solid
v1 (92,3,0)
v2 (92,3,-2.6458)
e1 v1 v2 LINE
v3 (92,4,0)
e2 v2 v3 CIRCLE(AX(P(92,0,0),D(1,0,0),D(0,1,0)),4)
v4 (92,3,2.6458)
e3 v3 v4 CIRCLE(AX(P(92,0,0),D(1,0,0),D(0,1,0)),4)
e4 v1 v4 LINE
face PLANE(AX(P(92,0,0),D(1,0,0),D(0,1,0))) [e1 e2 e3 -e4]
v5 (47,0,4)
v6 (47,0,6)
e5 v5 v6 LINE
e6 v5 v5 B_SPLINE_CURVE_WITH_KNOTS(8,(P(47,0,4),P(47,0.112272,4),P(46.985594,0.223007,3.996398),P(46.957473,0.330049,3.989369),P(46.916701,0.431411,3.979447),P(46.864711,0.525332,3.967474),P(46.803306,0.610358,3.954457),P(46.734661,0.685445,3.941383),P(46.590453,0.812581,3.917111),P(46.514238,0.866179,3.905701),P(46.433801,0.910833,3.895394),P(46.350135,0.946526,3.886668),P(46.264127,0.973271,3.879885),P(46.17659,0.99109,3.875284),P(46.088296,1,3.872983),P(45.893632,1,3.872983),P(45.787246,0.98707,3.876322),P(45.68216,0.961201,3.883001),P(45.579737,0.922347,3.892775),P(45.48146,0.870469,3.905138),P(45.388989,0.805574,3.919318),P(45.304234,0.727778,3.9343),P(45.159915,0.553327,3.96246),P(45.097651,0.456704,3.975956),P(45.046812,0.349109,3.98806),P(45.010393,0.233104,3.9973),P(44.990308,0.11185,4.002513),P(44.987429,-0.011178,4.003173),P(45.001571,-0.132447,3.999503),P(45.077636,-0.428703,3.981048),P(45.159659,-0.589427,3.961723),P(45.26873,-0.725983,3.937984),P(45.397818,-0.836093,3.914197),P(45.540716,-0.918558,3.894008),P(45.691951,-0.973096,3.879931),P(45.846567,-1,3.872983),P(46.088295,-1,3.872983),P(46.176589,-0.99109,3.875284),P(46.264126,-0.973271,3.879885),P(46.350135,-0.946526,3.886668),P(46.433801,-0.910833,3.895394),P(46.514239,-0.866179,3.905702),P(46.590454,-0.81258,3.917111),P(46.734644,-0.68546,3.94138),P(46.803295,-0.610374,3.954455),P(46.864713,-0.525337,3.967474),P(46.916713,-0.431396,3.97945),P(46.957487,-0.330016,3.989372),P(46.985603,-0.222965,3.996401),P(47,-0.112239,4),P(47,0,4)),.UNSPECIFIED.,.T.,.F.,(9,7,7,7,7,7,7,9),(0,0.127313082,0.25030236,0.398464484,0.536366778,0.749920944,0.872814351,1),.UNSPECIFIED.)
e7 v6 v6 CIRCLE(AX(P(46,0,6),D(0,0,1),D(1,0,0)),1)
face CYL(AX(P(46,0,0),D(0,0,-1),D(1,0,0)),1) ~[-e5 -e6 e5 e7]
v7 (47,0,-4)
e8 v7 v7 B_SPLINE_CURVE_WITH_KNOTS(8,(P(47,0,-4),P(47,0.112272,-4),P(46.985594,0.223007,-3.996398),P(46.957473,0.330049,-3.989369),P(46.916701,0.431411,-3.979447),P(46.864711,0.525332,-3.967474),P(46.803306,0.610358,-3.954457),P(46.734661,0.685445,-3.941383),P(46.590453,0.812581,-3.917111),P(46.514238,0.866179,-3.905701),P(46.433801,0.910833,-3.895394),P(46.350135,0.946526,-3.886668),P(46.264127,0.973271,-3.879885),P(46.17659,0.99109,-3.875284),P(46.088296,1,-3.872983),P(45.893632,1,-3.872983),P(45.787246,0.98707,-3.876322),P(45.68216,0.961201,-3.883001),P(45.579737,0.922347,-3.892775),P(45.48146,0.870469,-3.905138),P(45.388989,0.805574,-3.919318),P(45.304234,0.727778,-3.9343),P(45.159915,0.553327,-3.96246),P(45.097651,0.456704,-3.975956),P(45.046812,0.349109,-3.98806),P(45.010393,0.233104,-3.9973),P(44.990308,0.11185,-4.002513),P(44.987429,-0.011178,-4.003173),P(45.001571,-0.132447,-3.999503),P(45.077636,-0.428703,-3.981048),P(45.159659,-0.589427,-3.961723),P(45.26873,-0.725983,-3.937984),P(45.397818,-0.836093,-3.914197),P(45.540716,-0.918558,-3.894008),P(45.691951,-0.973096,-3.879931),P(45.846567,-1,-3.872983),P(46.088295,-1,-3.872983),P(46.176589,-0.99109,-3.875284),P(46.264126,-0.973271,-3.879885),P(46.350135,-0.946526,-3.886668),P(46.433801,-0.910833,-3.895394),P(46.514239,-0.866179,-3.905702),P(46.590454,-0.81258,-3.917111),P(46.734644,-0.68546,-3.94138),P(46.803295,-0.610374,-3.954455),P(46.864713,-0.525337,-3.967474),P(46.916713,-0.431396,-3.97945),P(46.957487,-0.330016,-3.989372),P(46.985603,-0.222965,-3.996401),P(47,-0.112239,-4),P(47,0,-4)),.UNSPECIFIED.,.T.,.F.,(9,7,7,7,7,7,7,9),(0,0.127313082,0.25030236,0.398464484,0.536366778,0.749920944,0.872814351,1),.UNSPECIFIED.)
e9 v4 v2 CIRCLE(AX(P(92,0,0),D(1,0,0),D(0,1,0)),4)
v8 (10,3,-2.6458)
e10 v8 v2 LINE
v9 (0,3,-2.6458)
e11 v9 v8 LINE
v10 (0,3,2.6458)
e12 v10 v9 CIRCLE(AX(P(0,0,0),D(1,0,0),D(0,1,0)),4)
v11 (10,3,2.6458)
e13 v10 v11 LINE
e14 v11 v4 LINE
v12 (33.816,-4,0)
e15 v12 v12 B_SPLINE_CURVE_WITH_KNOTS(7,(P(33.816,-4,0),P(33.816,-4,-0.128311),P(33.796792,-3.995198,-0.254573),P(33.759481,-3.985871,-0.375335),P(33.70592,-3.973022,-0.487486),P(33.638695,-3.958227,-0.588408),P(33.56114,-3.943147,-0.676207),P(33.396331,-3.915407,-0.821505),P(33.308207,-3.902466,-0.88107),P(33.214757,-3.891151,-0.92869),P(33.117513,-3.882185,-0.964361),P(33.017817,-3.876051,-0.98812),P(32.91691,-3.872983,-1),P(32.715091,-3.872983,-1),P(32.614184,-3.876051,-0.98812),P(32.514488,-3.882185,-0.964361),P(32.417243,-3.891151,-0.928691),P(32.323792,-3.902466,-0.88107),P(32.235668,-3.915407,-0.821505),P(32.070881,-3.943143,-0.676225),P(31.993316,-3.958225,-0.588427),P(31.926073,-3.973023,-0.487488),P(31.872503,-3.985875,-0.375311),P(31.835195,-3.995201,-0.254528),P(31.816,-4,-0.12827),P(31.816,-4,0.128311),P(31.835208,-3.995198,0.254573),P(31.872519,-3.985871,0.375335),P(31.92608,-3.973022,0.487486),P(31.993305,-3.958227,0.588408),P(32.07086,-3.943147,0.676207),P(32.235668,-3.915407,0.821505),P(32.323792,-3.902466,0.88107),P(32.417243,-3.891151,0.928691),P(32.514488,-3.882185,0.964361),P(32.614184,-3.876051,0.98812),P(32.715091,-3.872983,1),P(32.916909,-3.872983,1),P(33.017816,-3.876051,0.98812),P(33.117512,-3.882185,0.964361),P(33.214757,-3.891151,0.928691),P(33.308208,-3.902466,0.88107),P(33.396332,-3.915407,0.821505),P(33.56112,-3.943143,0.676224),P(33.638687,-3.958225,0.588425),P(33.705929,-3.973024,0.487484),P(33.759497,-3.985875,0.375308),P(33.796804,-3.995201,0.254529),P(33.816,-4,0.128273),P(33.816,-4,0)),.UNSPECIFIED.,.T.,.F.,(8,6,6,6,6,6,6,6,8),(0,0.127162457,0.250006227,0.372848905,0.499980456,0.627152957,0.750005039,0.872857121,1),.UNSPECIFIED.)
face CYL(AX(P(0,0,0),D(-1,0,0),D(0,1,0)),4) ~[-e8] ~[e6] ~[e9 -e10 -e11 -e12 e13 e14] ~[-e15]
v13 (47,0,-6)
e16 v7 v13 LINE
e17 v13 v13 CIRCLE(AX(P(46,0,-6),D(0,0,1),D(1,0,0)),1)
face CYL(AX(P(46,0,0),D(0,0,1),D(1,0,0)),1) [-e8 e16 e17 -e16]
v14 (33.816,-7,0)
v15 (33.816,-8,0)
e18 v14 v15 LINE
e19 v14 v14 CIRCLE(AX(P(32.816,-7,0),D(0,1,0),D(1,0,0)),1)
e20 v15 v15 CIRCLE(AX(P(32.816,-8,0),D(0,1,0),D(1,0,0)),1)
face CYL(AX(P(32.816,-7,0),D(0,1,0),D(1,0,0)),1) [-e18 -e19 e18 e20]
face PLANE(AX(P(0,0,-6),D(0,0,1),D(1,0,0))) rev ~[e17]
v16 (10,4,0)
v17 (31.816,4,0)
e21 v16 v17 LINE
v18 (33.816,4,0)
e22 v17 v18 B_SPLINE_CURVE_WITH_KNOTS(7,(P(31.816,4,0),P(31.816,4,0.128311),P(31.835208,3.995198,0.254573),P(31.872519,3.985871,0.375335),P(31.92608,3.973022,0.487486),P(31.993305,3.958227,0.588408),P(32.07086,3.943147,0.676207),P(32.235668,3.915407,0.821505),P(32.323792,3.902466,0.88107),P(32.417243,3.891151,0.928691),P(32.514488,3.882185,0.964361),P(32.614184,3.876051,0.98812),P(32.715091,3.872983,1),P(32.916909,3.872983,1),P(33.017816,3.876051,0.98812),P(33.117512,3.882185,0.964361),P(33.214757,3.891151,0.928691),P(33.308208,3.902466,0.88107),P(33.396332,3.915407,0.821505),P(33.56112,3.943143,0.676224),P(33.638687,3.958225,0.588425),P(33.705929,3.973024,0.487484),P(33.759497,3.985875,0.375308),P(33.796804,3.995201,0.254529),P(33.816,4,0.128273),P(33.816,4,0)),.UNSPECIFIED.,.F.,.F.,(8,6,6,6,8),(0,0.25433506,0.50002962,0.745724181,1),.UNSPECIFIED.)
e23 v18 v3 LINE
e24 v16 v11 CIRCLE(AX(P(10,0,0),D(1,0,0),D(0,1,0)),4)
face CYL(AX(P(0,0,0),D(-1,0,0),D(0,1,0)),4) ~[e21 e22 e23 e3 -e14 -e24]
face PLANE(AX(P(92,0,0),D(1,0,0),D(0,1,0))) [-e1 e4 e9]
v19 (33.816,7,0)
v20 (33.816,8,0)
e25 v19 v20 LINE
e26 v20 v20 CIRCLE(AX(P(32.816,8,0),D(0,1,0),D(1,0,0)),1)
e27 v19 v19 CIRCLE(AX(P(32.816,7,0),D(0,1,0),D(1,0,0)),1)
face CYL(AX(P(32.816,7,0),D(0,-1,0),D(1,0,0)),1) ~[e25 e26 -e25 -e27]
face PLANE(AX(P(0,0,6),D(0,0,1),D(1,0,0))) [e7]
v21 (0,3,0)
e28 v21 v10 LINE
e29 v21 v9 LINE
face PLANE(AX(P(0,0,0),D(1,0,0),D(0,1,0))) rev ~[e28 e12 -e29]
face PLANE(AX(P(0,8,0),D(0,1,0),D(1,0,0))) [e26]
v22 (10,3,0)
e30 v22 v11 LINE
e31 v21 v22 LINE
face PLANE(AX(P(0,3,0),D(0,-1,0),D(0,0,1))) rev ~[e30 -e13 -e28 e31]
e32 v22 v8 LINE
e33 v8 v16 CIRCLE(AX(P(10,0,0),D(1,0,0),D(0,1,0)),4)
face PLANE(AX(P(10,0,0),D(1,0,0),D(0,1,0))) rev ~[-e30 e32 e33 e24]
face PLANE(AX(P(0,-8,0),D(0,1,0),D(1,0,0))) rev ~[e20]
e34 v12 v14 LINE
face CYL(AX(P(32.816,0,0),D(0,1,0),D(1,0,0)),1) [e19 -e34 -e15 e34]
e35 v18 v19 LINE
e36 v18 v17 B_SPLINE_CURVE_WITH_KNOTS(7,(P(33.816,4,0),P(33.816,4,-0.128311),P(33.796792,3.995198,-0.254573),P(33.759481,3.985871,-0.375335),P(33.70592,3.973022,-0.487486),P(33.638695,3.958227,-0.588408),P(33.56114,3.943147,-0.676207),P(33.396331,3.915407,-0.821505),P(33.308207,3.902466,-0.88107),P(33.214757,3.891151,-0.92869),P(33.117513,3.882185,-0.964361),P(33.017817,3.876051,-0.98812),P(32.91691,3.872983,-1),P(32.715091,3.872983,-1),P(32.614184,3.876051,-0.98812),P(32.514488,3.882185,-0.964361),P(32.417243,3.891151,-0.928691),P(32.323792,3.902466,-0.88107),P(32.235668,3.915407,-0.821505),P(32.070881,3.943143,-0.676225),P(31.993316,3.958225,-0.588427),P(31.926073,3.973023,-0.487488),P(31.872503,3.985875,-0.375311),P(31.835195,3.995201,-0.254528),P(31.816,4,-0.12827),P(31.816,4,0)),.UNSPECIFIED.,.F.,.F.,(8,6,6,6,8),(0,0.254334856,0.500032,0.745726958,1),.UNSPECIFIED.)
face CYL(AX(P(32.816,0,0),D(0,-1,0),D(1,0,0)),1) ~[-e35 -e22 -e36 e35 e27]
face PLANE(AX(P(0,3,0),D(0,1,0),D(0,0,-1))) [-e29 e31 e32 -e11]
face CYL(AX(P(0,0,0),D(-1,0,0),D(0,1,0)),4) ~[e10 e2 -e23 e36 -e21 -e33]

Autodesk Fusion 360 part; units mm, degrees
sketch "Esboço1" plane through (0, 0, 0) normal (1, 0, 0) x (0, 1, 0)
  circle A0 centre (0, 0) radius 4
  line L0 (0, 0) -> (3, 0) construction
  line L1 (3, 0) -> (3, -2.6458)
  line L2 (3, 0) -> (3, 2.6458)
  dimension "d1" = 8
  dimension "d2" = 3
extrude "Extrusão1" add sketch "Esboço1" along normal blind 92
extrude "Extrusão2" cut sketch "Esboço1" along normal blind 10 contours A0 L1 L2 picked at (3.6528, 0.1921)
sketch "Esboço2" plane through (0, 0, 0) normal (0, 1, 0) x (1, 0, 0)
sketch "Esboço3" plane through (0, 0, 0) normal (0, 0, 1) x (1, 0, 0)
  line L0 (0, 0) -> (46, 0) construction
  circle A0 centre (46, 0) radius 1
  dimension "d7" = 46
  dimension "d24" = 2
sketch "Esboço4" plane through (0, 0, 0) normal (0, 1, 0) x (1, 0, 0)
  line L0 (92, 0) -> (32.816, 0) construction
  circle A0 centre (32.816, 0) radius 1
  dimension "d13" = 59.184
  dimension "d23" = 2
extrude "Extrusão7" add sketch "Esboço3" along normal blind 6 and the other way blind 6
extrude "Extrusão8" add sketch "Esboço4" along normal blind 7 and the other way blind 7
extrude "Extrusão9" add 1 faces at (32.4233, -7, 0.2267) along direction (0, -1, 0) blind 1
extrude "Extrusão10" add 1 faces at (32.4233, 7, 0.2267) along direction (0, 1, 0) blind 1
sketch "Esboço5" plane through (0, -8, 0) normal (0, -1, 0) x (1, 0, 0)
  circle A0 centre (32.816, 0) radius 1
equation "d13 = 58.434 mm + 0.75 mm"
